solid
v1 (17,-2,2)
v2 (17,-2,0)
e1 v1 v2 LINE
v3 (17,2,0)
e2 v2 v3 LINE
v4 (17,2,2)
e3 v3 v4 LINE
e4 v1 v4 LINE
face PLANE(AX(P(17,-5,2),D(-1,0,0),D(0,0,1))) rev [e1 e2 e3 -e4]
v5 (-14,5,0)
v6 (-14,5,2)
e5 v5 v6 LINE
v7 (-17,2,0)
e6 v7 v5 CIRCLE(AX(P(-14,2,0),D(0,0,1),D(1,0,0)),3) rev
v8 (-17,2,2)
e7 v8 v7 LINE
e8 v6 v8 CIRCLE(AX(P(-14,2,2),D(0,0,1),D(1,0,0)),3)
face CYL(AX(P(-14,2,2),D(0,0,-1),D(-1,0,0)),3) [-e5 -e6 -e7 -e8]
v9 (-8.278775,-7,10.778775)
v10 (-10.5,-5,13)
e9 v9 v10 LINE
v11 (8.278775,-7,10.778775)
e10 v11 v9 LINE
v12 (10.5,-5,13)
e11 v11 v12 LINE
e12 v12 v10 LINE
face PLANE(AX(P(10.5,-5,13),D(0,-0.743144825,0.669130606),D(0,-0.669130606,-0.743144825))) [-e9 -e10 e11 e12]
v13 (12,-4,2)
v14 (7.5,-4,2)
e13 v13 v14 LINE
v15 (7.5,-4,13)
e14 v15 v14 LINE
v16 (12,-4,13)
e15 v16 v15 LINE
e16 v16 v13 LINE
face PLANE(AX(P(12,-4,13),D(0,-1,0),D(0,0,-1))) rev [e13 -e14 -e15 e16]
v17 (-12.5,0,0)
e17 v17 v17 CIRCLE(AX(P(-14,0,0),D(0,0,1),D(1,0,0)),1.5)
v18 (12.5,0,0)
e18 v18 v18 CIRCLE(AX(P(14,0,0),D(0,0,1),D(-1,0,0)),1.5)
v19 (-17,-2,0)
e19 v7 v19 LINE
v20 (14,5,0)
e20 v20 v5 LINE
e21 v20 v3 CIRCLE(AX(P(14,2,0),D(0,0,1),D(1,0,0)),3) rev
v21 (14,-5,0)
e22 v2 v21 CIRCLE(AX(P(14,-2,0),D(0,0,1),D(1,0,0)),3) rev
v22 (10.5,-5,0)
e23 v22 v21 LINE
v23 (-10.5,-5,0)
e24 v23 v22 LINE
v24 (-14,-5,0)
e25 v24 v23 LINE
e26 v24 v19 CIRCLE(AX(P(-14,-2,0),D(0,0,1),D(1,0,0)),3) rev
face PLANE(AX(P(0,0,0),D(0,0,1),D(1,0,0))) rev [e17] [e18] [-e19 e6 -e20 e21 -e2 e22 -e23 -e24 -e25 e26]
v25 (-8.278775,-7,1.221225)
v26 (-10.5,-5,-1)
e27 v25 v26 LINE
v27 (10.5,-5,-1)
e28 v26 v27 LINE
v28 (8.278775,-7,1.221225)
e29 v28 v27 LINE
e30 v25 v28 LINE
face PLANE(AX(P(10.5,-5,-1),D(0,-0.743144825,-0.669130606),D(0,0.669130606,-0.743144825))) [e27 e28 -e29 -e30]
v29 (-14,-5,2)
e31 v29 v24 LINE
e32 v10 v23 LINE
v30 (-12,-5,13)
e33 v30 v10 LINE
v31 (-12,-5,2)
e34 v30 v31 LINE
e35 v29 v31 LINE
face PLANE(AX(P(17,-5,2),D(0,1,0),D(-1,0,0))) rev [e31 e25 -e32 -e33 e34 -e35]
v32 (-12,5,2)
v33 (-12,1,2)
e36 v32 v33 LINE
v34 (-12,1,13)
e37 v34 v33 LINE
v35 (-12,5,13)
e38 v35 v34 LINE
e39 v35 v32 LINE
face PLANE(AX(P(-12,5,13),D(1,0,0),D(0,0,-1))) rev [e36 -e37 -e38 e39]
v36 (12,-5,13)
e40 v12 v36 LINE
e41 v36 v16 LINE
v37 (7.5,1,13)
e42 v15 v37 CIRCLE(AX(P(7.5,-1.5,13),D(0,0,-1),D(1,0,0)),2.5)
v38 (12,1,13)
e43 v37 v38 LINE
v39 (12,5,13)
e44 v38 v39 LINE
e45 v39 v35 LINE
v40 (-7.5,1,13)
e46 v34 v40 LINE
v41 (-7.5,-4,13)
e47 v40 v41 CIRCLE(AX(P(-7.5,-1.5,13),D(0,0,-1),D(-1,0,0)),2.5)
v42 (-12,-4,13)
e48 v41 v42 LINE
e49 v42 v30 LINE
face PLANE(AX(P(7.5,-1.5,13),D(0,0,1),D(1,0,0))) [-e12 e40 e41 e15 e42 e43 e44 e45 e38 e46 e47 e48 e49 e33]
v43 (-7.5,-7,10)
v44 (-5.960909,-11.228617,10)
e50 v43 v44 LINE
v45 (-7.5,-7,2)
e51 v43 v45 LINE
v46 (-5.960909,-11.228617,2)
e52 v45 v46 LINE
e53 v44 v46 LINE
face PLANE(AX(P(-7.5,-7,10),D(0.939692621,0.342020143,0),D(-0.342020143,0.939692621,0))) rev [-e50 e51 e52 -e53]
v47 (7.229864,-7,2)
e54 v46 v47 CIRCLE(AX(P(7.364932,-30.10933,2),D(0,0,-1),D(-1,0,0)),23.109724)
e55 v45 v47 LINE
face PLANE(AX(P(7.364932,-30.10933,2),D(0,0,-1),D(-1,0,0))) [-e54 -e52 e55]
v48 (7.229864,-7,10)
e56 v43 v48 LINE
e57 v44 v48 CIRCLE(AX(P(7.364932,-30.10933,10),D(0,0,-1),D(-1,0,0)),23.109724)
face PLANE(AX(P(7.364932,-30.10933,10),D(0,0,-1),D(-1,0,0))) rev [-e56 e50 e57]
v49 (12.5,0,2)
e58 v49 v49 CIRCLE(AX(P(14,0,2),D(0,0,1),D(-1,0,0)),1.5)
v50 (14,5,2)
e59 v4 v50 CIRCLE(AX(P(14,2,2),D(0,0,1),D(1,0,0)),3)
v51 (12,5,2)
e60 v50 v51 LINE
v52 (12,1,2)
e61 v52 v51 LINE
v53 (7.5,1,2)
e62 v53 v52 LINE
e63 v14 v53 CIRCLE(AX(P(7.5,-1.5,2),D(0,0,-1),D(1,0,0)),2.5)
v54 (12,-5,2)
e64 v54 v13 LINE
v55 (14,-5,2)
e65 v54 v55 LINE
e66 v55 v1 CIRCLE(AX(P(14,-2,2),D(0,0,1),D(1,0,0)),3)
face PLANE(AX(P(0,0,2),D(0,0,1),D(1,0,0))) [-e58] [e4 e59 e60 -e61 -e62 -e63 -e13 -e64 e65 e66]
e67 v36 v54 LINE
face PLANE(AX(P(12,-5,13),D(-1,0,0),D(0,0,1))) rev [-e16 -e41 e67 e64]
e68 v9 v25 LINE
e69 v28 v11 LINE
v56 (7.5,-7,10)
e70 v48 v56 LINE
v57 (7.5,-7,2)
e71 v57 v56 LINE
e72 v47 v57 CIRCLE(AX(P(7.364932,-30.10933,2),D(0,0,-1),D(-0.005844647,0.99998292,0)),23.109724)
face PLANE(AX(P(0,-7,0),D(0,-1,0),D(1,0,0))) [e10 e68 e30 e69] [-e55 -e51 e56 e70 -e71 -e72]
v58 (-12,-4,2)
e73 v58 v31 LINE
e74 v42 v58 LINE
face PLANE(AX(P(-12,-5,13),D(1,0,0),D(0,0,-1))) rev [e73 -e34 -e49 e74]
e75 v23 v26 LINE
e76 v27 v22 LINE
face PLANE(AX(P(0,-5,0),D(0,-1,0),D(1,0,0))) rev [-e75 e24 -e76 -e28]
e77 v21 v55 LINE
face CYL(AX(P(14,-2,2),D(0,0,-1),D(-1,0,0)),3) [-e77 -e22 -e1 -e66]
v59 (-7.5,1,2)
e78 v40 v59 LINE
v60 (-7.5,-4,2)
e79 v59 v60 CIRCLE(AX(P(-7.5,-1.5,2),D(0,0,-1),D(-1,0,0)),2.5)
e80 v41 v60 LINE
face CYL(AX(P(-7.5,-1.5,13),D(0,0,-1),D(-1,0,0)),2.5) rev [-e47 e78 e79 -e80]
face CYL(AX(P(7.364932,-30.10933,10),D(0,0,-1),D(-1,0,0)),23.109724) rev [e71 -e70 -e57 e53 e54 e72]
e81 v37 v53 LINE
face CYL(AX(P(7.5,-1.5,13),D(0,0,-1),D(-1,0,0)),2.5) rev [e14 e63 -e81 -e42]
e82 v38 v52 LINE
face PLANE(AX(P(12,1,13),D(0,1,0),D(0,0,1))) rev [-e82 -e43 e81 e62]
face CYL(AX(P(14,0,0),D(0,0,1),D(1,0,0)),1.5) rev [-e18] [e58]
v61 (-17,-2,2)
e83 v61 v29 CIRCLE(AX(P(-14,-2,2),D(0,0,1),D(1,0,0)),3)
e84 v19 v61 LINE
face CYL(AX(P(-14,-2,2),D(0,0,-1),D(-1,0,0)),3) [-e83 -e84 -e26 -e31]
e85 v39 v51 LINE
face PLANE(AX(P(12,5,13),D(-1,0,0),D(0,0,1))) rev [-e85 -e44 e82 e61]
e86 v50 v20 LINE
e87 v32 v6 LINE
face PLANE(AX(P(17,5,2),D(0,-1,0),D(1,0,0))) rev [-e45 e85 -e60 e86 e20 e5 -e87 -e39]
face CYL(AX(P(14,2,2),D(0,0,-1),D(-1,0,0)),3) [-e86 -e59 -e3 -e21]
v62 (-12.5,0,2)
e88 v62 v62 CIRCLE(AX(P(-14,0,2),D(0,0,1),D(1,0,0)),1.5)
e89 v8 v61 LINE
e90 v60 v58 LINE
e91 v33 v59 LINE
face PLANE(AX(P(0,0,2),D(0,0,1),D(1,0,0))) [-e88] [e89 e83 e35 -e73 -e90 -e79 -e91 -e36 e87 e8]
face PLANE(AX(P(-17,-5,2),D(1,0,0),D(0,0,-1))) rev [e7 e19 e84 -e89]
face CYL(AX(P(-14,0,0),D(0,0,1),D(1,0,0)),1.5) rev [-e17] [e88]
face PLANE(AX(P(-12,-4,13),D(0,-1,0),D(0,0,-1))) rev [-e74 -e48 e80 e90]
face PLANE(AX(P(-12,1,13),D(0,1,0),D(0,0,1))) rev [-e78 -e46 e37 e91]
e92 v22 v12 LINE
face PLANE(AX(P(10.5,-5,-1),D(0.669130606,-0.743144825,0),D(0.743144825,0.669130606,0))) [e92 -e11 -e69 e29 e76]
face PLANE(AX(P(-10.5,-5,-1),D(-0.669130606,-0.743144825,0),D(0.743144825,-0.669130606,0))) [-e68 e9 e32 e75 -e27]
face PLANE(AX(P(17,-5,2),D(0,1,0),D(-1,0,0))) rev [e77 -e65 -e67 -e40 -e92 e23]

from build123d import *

# Parameters (mm, degrees)
SKETCH_1_W          = 34
SKETCH_1_H          = 10
EXTRUDE_1_DEPTH     = 2
FILLET_1_R          = 3
SKETCH_2_R          = 1.5
CUT_EXTRUDE_1_DEPTH = 2
EXTRUDE_2_DEPTH     = 11
SKETCH_5_W          = 21
SKETCH_5_H          = 14
EXTRUDE_4_DEPTH     = 2
EXTRUDE_4_TAPER     = 48
SKETCH_6_W          = 15
SKETCH_6_H          = 8
CUT_EXTRUDE_2_DEPTH = 0.3
EXTRUDE_5_DEPTH     = 8


with BuildPart() as part:
    # 草图1 → 凸台-拉伸1 (new body)
    with BuildSketch(Plane.XY):
        Rectangle(SKETCH_1_W, SKETCH_1_H)
    extrude(amount=EXTRUDE_1_DEPTH)

    # 圆角1
    fillet_1_edges = [part.edges().sort_by_distance(p)[0] for p in [
        (-17, 5, 1),
        (17, 5, 1),
        (17, -5, 1),
        (-17, -5, 1),
    ]]
    fillet(fillet_1_edges, radius=FILLET_1_R)

    # 草图2 → 切除-拉伸1 (cut)
    with BuildSketch(Plane.XY.offset(2)):
        with Locations((-14, 0)):
            Circle(SKETCH_2_R)
        with Locations(Location((14, 0, 0), (0, 0, 180))):
            Circle(SKETCH_2_R)
    extrude(amount=-CUT_EXTRUDE_1_DEPTH, mode=Mode.SUBTRACT)

    # 草图3 → 凸台-拉伸2 (add)
    with BuildSketch(Plane.XY.offset(2)):
        with BuildLine():
            Line((12, -5), (-12, -5))
            Line((-12, -5), (-12, -4))
            Line((-12, -4), (-7.5, -4))
            ThreePointArc((-7.5, -4), (-5, -1.5), (-7.5, 1))
            Line((-7.5, 1), (-12, 1))
            Line((-12, 1), (-12, 5))
            Line((-12, 5), (12, 5))
            Line((12, 5), (12, 1))
            Line((12, 1), (7.5, 1))
            ThreePointArc((7.5, 1), (5, -1.5), (7.5, -4))
            Line((7.5, -4), (12, -4))
            Line((12, -4), (12, -5))
        make_face()
    extrude(amount=EXTRUDE_2_DEPTH)

    # 草图5 → 凸台-拉伸4 (add)
    with BuildSketch(Plane.XZ.offset(5)):
        with Locations((0, 6)):
            Rectangle(SKETCH_5_W, SKETCH_5_H)
    extrude(amount=EXTRUDE_4_DEPTH, taper=EXTRUDE_4_TAPER)

    # 草图6 → 切除-拉伸2 (cut)
    with BuildSketch(Plane.XZ.offset(7)):
        with Locations((0, 6)):
            Rectangle(SKETCH_6_W, SKETCH_6_H)
    extrude(amount=-CUT_EXTRUDE_2_DEPTH, mode=Mode.SUBTRACT)

    # 草图8 → 凸台-拉伸5 (add)
    with BuildSketch(Plane.XY.offset(2)):
        with BuildLine():
            Line((7.5, -6.7), (7.5, -7))
            ThreePointArc((7.5, -7), (0.438935642, -8.061882235), (-5.960909355, -11.228616794))
            Line((-5.960909355, -11.228616794), (-7.5, -7))
            Line((-7.5, -7), (-7.5, -6.7))
            Line((-7.5, -6.7), (7.5, -6.7))
        make_face()
    extrude(amount=EXTRUDE_5_DEPTH)


solid = part.part
